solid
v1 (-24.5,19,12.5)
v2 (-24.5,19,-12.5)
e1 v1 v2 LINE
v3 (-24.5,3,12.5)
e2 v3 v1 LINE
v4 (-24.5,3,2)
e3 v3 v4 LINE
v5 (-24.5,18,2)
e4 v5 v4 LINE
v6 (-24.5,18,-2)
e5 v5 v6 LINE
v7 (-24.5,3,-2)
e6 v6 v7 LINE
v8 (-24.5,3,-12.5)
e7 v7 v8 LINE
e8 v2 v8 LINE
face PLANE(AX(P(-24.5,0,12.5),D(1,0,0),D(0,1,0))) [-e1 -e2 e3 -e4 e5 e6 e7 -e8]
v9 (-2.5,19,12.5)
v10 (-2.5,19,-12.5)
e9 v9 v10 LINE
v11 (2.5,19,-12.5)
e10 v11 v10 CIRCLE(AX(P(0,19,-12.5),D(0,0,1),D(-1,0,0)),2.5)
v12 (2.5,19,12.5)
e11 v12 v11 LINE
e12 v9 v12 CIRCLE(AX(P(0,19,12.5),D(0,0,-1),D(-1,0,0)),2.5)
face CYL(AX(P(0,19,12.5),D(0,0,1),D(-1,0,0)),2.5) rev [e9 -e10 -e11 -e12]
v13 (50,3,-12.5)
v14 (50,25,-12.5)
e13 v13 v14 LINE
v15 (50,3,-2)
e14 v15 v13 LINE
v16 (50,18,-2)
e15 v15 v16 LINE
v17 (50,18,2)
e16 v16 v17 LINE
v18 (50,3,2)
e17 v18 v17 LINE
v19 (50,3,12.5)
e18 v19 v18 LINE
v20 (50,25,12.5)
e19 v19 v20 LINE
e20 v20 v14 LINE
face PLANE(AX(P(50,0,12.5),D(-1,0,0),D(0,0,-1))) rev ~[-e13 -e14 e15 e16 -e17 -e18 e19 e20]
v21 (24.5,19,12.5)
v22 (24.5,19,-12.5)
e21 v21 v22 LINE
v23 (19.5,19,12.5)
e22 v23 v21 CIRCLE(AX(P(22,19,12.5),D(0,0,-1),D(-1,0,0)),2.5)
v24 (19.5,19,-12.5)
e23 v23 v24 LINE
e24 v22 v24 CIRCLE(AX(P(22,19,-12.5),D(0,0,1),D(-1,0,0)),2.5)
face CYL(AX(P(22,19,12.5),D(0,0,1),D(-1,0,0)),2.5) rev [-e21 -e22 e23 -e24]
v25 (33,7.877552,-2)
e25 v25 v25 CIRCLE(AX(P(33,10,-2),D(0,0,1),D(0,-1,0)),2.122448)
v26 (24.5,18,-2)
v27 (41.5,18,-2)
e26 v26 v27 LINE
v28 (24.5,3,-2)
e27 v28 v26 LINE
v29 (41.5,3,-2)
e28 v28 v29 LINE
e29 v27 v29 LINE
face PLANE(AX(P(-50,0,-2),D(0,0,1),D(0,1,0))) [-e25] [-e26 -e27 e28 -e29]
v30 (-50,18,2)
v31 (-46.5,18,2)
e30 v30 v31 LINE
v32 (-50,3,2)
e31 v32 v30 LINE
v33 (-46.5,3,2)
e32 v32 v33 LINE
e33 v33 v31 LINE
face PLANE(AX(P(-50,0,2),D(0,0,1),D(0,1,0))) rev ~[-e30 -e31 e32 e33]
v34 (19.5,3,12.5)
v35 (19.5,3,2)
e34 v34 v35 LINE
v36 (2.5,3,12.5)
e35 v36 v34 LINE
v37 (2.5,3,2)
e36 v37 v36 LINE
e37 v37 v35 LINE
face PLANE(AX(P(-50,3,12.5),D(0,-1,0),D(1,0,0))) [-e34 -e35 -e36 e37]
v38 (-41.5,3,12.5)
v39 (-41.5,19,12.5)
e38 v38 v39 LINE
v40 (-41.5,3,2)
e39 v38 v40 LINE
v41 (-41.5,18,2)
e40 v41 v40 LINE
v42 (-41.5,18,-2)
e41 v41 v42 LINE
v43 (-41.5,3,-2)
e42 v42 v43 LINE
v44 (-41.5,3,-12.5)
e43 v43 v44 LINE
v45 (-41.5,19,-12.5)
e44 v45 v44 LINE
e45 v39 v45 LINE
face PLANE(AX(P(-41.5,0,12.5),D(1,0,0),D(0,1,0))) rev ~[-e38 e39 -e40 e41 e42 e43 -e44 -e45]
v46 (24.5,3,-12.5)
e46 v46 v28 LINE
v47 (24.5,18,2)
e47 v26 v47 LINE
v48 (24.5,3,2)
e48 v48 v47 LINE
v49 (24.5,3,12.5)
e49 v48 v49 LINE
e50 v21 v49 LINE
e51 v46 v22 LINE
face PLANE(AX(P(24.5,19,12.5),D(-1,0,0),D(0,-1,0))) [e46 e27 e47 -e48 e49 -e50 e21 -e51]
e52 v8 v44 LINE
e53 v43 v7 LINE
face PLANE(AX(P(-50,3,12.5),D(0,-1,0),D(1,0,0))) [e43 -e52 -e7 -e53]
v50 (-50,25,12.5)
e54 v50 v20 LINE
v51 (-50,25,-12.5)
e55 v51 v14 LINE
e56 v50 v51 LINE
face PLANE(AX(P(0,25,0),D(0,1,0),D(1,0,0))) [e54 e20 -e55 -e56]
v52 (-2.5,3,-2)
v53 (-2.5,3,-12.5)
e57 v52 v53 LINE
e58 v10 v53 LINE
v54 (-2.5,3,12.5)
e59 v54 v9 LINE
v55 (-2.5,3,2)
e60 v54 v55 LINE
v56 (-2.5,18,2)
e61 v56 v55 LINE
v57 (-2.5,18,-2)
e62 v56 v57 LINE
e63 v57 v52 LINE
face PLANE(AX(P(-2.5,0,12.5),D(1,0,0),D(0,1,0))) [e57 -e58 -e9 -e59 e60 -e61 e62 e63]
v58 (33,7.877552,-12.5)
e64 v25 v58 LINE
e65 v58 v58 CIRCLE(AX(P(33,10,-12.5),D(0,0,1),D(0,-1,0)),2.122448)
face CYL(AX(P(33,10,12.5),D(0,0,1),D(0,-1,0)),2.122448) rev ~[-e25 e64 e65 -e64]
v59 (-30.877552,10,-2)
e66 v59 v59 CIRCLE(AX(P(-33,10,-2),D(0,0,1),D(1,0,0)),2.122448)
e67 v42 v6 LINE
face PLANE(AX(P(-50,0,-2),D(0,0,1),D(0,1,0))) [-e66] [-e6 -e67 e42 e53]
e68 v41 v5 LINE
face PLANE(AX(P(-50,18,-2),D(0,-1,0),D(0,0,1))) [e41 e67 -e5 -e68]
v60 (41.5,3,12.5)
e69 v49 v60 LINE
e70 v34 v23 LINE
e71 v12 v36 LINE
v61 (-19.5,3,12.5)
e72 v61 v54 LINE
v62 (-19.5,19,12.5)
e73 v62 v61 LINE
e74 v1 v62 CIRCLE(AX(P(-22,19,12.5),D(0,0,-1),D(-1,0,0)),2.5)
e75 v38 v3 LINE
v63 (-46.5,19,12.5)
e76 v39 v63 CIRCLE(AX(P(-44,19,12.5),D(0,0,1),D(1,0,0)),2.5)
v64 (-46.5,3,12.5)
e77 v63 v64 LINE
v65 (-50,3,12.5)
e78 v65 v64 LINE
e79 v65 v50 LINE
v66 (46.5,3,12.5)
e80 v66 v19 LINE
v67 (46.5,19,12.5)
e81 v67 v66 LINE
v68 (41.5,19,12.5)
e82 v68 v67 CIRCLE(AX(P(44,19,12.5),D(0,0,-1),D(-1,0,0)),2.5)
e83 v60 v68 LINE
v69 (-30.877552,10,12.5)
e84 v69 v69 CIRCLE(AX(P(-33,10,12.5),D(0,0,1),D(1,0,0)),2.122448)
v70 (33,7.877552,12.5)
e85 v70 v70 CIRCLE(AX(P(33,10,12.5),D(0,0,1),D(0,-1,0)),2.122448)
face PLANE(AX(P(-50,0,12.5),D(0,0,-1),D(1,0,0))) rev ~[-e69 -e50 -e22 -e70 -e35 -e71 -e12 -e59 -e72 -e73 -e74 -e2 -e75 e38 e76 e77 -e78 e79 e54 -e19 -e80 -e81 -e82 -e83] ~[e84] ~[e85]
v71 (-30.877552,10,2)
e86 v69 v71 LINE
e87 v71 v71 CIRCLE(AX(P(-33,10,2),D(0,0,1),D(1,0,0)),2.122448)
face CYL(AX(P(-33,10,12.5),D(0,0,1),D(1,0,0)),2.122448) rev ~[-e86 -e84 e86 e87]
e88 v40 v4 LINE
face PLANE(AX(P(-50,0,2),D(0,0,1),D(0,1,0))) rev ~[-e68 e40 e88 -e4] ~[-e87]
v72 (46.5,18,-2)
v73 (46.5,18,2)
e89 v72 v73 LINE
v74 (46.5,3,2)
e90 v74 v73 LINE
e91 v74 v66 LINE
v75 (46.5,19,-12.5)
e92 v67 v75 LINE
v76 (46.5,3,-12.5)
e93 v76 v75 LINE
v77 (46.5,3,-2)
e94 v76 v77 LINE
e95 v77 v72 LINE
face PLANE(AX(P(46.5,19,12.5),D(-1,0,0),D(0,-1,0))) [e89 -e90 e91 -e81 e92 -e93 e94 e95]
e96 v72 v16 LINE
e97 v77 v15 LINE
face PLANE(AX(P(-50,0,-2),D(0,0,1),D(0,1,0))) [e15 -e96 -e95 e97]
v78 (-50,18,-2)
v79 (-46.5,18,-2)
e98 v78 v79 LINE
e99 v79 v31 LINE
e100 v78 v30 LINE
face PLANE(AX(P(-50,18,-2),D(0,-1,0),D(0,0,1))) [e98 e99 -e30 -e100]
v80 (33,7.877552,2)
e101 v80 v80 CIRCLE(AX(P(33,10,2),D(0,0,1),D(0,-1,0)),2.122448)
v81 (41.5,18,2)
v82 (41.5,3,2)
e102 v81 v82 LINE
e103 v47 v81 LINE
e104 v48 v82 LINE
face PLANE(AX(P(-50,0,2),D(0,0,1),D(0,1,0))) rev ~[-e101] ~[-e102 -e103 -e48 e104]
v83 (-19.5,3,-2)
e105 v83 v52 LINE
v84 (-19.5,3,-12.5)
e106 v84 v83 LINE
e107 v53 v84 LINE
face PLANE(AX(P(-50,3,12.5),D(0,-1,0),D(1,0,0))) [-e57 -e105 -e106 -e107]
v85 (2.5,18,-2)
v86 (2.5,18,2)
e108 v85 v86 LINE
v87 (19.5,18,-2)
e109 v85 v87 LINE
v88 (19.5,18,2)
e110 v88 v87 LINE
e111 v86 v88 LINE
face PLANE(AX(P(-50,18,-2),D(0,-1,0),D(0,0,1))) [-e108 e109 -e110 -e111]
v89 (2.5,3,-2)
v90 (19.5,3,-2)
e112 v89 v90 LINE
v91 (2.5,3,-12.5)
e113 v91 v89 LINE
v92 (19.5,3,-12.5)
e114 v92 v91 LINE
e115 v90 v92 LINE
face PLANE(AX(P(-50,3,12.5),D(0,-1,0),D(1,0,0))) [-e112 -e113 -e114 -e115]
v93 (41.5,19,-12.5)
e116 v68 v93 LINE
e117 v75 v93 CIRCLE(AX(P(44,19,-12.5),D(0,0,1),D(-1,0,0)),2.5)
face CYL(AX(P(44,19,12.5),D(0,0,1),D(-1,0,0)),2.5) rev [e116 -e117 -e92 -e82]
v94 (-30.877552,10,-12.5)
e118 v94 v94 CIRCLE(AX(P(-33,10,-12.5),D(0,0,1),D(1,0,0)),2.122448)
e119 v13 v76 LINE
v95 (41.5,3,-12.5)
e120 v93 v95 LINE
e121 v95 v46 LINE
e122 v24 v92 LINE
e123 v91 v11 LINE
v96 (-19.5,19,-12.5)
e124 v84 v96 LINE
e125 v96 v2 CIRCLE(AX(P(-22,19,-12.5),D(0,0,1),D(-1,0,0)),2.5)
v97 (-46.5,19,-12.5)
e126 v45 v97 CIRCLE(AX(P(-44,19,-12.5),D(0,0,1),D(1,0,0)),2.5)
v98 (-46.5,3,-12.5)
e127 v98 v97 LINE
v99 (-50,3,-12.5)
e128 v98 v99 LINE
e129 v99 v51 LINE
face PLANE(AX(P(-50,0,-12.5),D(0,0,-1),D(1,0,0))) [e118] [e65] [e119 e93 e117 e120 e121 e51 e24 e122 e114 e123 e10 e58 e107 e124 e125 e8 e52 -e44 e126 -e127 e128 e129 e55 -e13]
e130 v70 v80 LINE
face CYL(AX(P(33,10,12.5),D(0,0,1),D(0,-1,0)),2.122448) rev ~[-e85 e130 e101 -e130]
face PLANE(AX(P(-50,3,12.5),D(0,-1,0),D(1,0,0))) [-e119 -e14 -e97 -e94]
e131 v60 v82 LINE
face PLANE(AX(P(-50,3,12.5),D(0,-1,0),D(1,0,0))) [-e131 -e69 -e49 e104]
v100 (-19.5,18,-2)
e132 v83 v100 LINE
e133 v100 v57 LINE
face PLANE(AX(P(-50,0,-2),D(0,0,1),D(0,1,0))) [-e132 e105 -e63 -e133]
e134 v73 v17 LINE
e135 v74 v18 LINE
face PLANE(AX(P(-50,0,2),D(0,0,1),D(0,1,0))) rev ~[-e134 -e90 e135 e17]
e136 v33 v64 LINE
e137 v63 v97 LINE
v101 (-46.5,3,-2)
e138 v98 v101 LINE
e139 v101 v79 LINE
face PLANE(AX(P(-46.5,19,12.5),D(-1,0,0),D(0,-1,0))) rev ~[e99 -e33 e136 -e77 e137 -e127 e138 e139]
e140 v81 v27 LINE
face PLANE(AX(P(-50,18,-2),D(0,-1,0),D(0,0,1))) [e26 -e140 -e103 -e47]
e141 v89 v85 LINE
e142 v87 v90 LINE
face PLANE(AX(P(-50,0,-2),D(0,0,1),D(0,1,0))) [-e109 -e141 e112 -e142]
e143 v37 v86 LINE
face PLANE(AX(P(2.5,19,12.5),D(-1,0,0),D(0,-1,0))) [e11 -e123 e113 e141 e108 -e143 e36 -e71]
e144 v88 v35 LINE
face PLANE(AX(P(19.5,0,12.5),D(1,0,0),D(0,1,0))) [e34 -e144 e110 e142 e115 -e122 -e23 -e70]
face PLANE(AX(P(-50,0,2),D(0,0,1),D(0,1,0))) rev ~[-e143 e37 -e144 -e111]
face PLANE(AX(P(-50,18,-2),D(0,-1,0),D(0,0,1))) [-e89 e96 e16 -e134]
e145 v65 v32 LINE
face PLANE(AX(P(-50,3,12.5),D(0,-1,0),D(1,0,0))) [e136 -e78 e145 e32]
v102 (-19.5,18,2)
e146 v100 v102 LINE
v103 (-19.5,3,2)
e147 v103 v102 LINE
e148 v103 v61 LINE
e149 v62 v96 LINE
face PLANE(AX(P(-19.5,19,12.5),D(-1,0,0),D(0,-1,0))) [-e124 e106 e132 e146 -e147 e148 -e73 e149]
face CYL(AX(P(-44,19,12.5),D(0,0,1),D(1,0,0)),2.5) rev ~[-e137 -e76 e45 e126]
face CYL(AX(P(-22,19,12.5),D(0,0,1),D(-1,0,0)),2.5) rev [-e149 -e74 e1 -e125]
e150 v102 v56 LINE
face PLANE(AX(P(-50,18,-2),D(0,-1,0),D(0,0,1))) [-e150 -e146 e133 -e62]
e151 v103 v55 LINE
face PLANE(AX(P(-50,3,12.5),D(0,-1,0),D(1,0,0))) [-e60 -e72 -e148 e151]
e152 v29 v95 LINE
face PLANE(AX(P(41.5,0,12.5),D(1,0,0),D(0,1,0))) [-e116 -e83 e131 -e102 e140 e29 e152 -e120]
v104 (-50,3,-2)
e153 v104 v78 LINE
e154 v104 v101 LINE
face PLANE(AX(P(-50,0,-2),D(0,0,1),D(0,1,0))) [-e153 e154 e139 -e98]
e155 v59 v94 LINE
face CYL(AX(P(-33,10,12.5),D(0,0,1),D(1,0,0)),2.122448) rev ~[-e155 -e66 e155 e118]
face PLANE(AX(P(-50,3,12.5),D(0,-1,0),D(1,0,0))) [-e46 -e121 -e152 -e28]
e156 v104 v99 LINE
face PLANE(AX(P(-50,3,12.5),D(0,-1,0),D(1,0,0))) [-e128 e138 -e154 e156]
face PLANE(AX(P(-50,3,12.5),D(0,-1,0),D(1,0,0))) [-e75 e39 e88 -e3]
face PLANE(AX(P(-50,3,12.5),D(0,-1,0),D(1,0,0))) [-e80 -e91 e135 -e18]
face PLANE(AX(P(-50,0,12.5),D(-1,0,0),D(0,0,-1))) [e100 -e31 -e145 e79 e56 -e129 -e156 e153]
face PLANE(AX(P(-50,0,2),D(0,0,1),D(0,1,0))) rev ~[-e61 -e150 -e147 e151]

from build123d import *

# Parameters (mm, degrees)
SKETCH1_W           = 100
SKETCH1_H           = 25
BOSS_EXTRUDE1_DEPTH = 25
CUT_EXTRUDE1_DEPTH  = 48
SKETCH3_W           = 4
SKETCH3_H           = 18
CUT_EXTRUDE2_DEPTH  = 104.832798286
SKETCH4_R           = 2.122448424
CUT_EXTRUDE3_DEPTH  = 62.23724357
SKETCH5_W           = 100
SKETCH5_H           = 3
CUT_EXTRUDE4_DEPTH  = 62.23724357


with BuildPart() as part:
    # Sketch1 → Boss-Extrude1 (new body)
    with BuildSketch(Plane(origin=(0, 0, 0), x_dir=(1, 0, 0), z_dir=(0, 1, 0))):
        Rectangle(SKETCH1_W, SKETCH1_H)
    extrude(amount=BOSS_EXTRUDE1_DEPTH)

    # Sketch2 → Cut-Extrude1 (cut)
    with BuildSketch(Plane.XY.offset(12.5)):
        with BuildLine():
            Line((-19.5, 19), (-19.5, 0))
            Line((-19.5, 0), (-24.5, 0))
            Line((-24.5, 0), (-24.5, 19))
            ThreePointArc((-24.5, 19), (-22, 21.5), (-19.5, 19))
        make_face()
        with BuildLine():
            Line((-46.5, 19), (-46.5, 0))
            Line((-46.5, 0), (-41.5, 0))
            Line((-41.5, 0), (-41.5, 19))
            ThreePointArc((-41.5, 19), (-44, 21.5), (-46.5, 19))
        make_face()
        with BuildLine():
            Line((2.5, 19), (2.5, 0))
            Line((2.5, 0), (-2.5, 0))
            Line((-2.5, 0), (-2.5, 19))
            ThreePointArc((-2.5, 19), (0, 21.5), (2.5, 19))
        make_face()
        with BuildLine():
            Line((24.5, 19), (24.5, 0))
            Line((24.5, 0), (19.5, 0))
            Line((19.5, 0), (19.5, 19))
            ThreePointArc((19.5, 19), (22, 21.5), (24.5, 19))
        make_face()
        with BuildLine():
            Line((46.5, 19), (46.5, 0))
            Line((46.5, 0), (41.5, 0))
            Line((41.5, 0), (41.5, 19))
            ThreePointArc((41.5, 19), (44, 21.5), (46.5, 19))
        make_face()
    extrude(amount=-CUT_EXTRUDE1_DEPTH, mode=Mode.SUBTRACT)

    # Sketch3 → Cut-Extrude2 (cut, through all)
    with BuildSketch(Plane.ZY.offset(50)):
        with Locations((0, 9)):
            Rectangle(SKETCH3_W, SKETCH3_H)
    extrude(amount=-CUT_EXTRUDE2_DEPTH, mode=Mode.SUBTRACT)

    # Sketch4 → Cut-Extrude3 (cut, through all)
    with BuildSketch(Plane.XY.offset(12.5)):
        with Locations((-33, 10)):
            Circle(SKETCH4_R)
        with Locations(Location((33, 10, 0), (0, 0, 270))):
            Circle(SKETCH4_R)
    extrude(amount=-CUT_EXTRUDE3_DEPTH, mode=Mode.SUBTRACT)

    # Sketch5 → Cut-Extrude4 (cut, through all)
    with BuildSketch(Plane.XY.offset(12.5)):
        with Locations((0, 1.5)):
            Rectangle(SKETCH5_W, SKETCH5_H)
    extrude(amount=-CUT_EXTRUDE4_DEPTH, mode=Mode.SUBTRACT)


solid = part.part
